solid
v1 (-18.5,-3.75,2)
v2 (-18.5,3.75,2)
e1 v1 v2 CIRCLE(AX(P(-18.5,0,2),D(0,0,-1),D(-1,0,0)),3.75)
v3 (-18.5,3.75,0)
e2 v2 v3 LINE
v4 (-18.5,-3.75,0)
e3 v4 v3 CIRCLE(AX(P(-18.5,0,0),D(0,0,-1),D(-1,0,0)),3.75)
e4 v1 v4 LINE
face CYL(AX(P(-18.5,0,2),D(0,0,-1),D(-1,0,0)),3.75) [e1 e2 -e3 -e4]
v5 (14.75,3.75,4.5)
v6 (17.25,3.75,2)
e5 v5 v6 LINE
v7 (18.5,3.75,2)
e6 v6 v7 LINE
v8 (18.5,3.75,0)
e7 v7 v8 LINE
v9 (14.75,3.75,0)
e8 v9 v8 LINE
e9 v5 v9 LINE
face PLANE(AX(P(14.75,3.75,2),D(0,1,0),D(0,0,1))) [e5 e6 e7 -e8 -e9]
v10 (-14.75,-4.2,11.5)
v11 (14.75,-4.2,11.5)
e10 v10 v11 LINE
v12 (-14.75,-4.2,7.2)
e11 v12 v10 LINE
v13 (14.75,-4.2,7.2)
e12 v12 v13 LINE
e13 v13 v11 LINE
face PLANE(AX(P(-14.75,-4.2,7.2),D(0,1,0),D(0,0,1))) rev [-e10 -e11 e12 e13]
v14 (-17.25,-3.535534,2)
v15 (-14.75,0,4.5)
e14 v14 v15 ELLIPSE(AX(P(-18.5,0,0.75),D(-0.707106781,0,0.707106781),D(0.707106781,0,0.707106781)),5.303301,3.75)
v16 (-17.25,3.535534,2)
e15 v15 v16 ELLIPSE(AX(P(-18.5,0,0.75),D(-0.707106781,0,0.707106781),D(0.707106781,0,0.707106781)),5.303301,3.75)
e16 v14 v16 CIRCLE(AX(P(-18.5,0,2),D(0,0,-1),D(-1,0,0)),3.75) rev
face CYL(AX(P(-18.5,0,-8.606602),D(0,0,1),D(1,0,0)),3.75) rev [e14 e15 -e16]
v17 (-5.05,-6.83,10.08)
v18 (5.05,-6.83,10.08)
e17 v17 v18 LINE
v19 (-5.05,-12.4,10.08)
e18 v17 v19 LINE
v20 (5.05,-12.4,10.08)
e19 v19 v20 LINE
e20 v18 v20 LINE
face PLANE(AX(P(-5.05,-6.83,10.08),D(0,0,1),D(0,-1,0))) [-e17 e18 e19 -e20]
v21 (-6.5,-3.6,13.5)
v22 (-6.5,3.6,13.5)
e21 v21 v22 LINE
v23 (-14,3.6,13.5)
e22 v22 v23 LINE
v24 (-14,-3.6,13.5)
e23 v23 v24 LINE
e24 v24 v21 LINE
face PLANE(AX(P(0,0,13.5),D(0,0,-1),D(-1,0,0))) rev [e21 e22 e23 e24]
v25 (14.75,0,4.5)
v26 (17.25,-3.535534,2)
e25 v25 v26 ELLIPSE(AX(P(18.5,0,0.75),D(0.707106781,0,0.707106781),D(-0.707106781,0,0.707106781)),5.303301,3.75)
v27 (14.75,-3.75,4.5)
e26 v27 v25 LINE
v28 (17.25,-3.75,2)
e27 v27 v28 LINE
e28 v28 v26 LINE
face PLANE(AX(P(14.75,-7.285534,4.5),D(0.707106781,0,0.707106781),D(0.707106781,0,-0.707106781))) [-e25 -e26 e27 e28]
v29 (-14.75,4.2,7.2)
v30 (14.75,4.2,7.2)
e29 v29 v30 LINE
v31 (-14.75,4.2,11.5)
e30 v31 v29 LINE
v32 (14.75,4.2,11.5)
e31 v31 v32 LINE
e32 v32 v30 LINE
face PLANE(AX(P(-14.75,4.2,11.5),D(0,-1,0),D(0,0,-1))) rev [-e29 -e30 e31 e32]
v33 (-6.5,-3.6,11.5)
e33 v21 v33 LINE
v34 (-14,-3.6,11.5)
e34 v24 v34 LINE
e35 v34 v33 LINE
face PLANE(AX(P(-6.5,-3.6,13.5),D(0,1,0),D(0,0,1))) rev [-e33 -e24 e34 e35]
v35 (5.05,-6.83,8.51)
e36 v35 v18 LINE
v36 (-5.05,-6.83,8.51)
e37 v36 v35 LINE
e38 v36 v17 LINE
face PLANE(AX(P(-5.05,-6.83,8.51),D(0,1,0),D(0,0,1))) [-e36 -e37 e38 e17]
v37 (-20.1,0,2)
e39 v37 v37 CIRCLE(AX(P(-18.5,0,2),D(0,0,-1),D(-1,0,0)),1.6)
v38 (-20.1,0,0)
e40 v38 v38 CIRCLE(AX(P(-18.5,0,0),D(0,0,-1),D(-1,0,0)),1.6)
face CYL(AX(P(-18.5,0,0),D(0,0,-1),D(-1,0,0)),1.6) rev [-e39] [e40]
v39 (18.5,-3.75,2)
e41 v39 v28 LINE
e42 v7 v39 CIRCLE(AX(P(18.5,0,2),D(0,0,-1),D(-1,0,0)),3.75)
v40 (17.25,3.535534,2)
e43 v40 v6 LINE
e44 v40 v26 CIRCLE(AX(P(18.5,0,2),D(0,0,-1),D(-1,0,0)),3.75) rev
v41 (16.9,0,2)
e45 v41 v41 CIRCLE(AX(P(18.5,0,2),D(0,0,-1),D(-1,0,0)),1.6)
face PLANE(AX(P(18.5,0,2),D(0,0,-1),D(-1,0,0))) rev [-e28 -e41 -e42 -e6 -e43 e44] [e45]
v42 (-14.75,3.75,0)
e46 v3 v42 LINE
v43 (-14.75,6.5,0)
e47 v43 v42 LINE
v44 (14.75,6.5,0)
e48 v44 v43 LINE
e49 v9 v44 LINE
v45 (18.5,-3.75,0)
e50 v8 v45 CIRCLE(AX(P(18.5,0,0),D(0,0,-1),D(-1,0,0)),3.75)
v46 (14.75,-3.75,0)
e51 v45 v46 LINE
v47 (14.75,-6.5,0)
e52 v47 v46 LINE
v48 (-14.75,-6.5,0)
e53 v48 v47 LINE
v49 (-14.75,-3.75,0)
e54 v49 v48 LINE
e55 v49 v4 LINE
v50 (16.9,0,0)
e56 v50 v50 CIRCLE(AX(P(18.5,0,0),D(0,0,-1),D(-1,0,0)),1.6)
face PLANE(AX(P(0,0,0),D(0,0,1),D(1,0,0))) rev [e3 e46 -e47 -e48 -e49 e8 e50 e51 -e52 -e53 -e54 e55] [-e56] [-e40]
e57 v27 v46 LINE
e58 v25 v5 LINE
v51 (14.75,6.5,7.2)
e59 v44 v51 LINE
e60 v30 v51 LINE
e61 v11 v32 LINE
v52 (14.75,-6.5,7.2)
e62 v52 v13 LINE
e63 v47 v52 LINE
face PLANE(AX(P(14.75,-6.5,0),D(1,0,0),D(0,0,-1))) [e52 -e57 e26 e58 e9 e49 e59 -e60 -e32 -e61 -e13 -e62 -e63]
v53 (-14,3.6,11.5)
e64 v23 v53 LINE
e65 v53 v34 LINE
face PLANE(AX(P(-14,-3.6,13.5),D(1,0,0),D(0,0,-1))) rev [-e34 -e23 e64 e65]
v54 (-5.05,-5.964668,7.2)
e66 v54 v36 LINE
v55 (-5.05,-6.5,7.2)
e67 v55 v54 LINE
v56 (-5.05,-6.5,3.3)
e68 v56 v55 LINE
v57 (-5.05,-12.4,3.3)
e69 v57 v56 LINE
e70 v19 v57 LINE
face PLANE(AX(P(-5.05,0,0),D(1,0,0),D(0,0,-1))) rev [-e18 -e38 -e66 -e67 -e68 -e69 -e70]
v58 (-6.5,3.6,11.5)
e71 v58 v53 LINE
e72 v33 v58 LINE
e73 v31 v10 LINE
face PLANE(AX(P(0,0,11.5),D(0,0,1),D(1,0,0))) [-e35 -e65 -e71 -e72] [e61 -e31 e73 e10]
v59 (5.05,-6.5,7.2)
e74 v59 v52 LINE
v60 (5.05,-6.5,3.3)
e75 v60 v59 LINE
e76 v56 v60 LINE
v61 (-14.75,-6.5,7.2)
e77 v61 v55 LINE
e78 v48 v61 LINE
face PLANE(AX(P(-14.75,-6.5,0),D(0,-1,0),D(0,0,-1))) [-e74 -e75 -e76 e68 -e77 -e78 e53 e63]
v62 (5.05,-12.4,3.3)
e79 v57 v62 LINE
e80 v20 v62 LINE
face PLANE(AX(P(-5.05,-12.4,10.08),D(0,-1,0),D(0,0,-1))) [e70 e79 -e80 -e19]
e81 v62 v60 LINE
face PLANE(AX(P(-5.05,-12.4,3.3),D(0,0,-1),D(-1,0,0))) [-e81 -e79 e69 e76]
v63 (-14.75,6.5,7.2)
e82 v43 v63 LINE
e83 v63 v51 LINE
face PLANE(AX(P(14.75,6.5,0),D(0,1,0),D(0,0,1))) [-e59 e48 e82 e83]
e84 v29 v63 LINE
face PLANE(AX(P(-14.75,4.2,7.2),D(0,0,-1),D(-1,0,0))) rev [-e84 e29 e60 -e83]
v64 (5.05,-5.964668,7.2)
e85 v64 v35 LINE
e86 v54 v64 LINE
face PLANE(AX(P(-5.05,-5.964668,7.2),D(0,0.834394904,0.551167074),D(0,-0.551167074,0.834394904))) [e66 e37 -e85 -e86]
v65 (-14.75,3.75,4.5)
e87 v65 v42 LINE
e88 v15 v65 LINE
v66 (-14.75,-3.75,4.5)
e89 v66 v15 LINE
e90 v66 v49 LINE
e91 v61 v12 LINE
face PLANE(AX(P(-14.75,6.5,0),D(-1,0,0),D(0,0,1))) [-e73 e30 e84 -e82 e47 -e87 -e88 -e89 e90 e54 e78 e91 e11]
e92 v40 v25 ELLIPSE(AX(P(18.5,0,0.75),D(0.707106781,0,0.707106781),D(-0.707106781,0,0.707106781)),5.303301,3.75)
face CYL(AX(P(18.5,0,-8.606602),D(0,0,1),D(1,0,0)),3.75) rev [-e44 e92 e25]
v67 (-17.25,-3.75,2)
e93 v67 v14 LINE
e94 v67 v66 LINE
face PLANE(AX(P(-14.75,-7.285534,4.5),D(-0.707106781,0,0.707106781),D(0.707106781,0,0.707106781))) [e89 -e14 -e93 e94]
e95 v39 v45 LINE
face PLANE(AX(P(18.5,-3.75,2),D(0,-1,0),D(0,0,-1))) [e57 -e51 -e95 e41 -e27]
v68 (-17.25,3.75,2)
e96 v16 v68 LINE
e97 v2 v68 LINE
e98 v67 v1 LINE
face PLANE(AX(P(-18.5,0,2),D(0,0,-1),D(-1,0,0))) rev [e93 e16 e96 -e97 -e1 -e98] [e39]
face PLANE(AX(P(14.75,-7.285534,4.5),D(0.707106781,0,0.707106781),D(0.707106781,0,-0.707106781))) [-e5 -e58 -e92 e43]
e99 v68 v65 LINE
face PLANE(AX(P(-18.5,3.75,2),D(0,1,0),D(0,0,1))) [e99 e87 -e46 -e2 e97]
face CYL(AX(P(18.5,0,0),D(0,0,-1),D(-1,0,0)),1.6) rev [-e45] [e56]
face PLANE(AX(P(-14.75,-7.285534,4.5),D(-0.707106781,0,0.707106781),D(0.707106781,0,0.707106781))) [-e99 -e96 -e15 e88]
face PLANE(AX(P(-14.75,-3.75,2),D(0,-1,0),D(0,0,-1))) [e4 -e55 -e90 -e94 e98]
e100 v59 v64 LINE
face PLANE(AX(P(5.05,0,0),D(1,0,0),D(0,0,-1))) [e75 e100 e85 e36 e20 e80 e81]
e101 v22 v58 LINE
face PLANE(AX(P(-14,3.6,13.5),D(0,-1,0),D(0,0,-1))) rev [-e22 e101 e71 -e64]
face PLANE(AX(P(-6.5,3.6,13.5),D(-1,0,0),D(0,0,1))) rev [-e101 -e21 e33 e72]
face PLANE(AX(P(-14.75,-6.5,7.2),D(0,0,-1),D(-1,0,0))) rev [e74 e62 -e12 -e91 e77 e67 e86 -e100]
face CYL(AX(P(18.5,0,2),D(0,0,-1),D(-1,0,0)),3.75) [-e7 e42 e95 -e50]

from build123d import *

# Parameters (mm, degrees)
ESQUISSE1_W                         = 29.5
ESQUISSE1_H                         = 13
BOSS_EXTRU_1_DEPTH                  = 11.5
ESQUISSE2_W                         = 4.3
ESQUISSE2_H                         = 2.3
ENL_V_MAT_EXTRU_1_DEPTH             = 30.5
ESQUISSE3_W                         = 4.3
ESQUISSE3_H                         = 2.3
ENL_V_MAT_EXTRU_2_DEPTH             = 30.5
BOSS_EXTRU_2_DEPTH                  = 2
BOSS_EXTRU_3_DEPTH                  = 2
ESQUISSE6_W                         = 7.5
ESQUISSE6_H                         = 7.2
BOSS_EXTRU_4_DEPTH                  = 2
DIAM_TRE_DU_PER_AGE_3_2_3_2_1_D     = 3.2
DIAM_TRE_DU_PER_AGE_3_2_3_2_1_DEPTH = 13.5
BOSS_EXTRU_5_DEPTH                  = 5.05
BOSS_EXTRU_5_DEPTH_BACK             = 5.05
BOSS_EXTRU_6_DEPTH                  = 7.5
ESQUISSE11_R                        = 3.75
ENL_V_MAT_EXTRU_3_DEPTH             = 9.5


with BuildPart() as part:
    # Esquisse1 → Boss.-Extru.1 (new body)
    with BuildSketch(Plane.XY.offset(11.5)):
        Rectangle(ESQUISSE1_W, ESQUISSE1_H)
    extrude(amount=-BOSS_EXTRU_1_DEPTH)

    # Esquisse2 → Enlèv. mat.-Extru.1 (cut, through all)
    with BuildSketch(Plane(origin=(14.75, 0, 0), x_dir=(0, 0, -1), z_dir=(1, 0, 0))):
        with Locations((-9.35, -5.35)):
            Rectangle(ESQUISSE2_W, ESQUISSE2_H)
    extrude(amount=-ENL_V_MAT_EXTRU_1_DEPTH, mode=Mode.SUBTRACT)

    # Esquisse3 → Enlèv. mat.-Extru.2 (cut, through all)
    with BuildSketch(Plane(origin=(14.75, 0, 0), x_dir=(0, 0, -1), z_dir=(1, 0, 0))):
        with Locations((-9.35, 5.35)):
            Rectangle(ESQUISSE3_W, ESQUISSE3_H)
    extrude(amount=-ENL_V_MAT_EXTRU_2_DEPTH, mode=Mode.SUBTRACT)

    # Esquisse4 → Boss.-Extru.2 (add)
    with BuildSketch(Plane(origin=(0, 0, 0), x_dir=(-1, 0, 0), z_dir=(0, 0, -1))):
        with BuildLine():
            Line((-14.75, -3.75), (-14.75, 3.75))
            Line((-14.75, 3.75), (-18.5, 3.75))
            ThreePointArc((-18.5, 3.75), (-22.25, 0), (-18.5, -3.75))
            Line((-18.5, -3.75), (-14.75, -3.75))
        make_face()
    extrude(amount=-BOSS_EXTRU_2_DEPTH)

    # Esquisse5 → Boss.-Extru.3 (add)
    with BuildSketch(Plane(origin=(0, 0, 0), x_dir=(-1, 0, 0), z_dir=(0, 0, -1))):
        with BuildLine():
            Line((18.5, 3.75), (14.75, 3.75))
            Line((14.75, 3.75), (14.75, -3.75))
            Line((14.75, -3.75), (18.5, -3.75))
            ThreePointArc((18.5, -3.75), (22.25, 0), (18.5, 3.75))
        make_face()
    extrude(amount=-BOSS_EXTRU_3_DEPTH)

    # Esquisse6 → Boss.-Extru.4 (add)
    with BuildSketch(Plane.XY.offset(11.5)):
        with Locations((-10.25, 0)):
            Rectangle(ESQUISSE6_W, ESQUISSE6_H)
    extrude(amount=BOSS_EXTRU_4_DEPTH)

    # Diamètre du perçage Ø3.2 (3.2)1
    with Locations(Plane(origin=(0, 0, 0), x_dir=(-1, 0, 0), z_dir=(0, 0, -1))):
        with Locations((-18.5, 0), (18.5, 0)):
            Hole(DIAM_TRE_DU_PER_AGE_3_2_3_2_1_D / 2, depth=DIAM_TRE_DU_PER_AGE_3_2_3_2_1_DEPTH)

    # Esquisse9 → Boss.-Extru.5 (add, two sides)
    with BuildSketch(Plane(origin=(0, 0, 0), x_dir=(0, 0, -1), z_dir=(1, 0, 0))) as boss_extru_5_sk:
        Polygon((-8.51, -6.83), (-10.08, -6.83), (-10.08, -12.4), (-3.3, -12.4), (-3.3, -6.5), (-7.2, -6.5), (-7.2, -5.964667694), align=None)
    extrude(amount=BOSS_EXTRU_5_DEPTH)
    extrude(boss_extru_5_sk.sketch, amount=-BOSS_EXTRU_5_DEPTH_BACK)

    # Esquisse10 → Boss.-Extru.6 (add)
    with BuildSketch(Plane(origin=(0, 3.75, 0), x_dir=(1, 0, 0), z_dir=(0, 1, 0))):
        Polygon((14.75, -2), (14.75, -4.5), (17.25, -2), align=None)
        Polygon((-14.75, -2), (-14.75, -4.5), (-17.25, -2), align=None)
    extrude(amount=-BOSS_EXTRU_6_DEPTH)

    # Esquisse11 → Enlèv. mat.-Extru.3 (cut)
    with BuildSketch(Plane.XY.offset(11.5)):
        with Locations((18.5, 0)):
            Circle(ESQUISSE11_R)
        with Locations((-18.5, 0)):
            Circle(ESQUISSE11_R)
    extrude(amount=-ENL_V_MAT_EXTRU_3_DEPTH, mode=Mode.SUBTRACT)


solid = part.part
